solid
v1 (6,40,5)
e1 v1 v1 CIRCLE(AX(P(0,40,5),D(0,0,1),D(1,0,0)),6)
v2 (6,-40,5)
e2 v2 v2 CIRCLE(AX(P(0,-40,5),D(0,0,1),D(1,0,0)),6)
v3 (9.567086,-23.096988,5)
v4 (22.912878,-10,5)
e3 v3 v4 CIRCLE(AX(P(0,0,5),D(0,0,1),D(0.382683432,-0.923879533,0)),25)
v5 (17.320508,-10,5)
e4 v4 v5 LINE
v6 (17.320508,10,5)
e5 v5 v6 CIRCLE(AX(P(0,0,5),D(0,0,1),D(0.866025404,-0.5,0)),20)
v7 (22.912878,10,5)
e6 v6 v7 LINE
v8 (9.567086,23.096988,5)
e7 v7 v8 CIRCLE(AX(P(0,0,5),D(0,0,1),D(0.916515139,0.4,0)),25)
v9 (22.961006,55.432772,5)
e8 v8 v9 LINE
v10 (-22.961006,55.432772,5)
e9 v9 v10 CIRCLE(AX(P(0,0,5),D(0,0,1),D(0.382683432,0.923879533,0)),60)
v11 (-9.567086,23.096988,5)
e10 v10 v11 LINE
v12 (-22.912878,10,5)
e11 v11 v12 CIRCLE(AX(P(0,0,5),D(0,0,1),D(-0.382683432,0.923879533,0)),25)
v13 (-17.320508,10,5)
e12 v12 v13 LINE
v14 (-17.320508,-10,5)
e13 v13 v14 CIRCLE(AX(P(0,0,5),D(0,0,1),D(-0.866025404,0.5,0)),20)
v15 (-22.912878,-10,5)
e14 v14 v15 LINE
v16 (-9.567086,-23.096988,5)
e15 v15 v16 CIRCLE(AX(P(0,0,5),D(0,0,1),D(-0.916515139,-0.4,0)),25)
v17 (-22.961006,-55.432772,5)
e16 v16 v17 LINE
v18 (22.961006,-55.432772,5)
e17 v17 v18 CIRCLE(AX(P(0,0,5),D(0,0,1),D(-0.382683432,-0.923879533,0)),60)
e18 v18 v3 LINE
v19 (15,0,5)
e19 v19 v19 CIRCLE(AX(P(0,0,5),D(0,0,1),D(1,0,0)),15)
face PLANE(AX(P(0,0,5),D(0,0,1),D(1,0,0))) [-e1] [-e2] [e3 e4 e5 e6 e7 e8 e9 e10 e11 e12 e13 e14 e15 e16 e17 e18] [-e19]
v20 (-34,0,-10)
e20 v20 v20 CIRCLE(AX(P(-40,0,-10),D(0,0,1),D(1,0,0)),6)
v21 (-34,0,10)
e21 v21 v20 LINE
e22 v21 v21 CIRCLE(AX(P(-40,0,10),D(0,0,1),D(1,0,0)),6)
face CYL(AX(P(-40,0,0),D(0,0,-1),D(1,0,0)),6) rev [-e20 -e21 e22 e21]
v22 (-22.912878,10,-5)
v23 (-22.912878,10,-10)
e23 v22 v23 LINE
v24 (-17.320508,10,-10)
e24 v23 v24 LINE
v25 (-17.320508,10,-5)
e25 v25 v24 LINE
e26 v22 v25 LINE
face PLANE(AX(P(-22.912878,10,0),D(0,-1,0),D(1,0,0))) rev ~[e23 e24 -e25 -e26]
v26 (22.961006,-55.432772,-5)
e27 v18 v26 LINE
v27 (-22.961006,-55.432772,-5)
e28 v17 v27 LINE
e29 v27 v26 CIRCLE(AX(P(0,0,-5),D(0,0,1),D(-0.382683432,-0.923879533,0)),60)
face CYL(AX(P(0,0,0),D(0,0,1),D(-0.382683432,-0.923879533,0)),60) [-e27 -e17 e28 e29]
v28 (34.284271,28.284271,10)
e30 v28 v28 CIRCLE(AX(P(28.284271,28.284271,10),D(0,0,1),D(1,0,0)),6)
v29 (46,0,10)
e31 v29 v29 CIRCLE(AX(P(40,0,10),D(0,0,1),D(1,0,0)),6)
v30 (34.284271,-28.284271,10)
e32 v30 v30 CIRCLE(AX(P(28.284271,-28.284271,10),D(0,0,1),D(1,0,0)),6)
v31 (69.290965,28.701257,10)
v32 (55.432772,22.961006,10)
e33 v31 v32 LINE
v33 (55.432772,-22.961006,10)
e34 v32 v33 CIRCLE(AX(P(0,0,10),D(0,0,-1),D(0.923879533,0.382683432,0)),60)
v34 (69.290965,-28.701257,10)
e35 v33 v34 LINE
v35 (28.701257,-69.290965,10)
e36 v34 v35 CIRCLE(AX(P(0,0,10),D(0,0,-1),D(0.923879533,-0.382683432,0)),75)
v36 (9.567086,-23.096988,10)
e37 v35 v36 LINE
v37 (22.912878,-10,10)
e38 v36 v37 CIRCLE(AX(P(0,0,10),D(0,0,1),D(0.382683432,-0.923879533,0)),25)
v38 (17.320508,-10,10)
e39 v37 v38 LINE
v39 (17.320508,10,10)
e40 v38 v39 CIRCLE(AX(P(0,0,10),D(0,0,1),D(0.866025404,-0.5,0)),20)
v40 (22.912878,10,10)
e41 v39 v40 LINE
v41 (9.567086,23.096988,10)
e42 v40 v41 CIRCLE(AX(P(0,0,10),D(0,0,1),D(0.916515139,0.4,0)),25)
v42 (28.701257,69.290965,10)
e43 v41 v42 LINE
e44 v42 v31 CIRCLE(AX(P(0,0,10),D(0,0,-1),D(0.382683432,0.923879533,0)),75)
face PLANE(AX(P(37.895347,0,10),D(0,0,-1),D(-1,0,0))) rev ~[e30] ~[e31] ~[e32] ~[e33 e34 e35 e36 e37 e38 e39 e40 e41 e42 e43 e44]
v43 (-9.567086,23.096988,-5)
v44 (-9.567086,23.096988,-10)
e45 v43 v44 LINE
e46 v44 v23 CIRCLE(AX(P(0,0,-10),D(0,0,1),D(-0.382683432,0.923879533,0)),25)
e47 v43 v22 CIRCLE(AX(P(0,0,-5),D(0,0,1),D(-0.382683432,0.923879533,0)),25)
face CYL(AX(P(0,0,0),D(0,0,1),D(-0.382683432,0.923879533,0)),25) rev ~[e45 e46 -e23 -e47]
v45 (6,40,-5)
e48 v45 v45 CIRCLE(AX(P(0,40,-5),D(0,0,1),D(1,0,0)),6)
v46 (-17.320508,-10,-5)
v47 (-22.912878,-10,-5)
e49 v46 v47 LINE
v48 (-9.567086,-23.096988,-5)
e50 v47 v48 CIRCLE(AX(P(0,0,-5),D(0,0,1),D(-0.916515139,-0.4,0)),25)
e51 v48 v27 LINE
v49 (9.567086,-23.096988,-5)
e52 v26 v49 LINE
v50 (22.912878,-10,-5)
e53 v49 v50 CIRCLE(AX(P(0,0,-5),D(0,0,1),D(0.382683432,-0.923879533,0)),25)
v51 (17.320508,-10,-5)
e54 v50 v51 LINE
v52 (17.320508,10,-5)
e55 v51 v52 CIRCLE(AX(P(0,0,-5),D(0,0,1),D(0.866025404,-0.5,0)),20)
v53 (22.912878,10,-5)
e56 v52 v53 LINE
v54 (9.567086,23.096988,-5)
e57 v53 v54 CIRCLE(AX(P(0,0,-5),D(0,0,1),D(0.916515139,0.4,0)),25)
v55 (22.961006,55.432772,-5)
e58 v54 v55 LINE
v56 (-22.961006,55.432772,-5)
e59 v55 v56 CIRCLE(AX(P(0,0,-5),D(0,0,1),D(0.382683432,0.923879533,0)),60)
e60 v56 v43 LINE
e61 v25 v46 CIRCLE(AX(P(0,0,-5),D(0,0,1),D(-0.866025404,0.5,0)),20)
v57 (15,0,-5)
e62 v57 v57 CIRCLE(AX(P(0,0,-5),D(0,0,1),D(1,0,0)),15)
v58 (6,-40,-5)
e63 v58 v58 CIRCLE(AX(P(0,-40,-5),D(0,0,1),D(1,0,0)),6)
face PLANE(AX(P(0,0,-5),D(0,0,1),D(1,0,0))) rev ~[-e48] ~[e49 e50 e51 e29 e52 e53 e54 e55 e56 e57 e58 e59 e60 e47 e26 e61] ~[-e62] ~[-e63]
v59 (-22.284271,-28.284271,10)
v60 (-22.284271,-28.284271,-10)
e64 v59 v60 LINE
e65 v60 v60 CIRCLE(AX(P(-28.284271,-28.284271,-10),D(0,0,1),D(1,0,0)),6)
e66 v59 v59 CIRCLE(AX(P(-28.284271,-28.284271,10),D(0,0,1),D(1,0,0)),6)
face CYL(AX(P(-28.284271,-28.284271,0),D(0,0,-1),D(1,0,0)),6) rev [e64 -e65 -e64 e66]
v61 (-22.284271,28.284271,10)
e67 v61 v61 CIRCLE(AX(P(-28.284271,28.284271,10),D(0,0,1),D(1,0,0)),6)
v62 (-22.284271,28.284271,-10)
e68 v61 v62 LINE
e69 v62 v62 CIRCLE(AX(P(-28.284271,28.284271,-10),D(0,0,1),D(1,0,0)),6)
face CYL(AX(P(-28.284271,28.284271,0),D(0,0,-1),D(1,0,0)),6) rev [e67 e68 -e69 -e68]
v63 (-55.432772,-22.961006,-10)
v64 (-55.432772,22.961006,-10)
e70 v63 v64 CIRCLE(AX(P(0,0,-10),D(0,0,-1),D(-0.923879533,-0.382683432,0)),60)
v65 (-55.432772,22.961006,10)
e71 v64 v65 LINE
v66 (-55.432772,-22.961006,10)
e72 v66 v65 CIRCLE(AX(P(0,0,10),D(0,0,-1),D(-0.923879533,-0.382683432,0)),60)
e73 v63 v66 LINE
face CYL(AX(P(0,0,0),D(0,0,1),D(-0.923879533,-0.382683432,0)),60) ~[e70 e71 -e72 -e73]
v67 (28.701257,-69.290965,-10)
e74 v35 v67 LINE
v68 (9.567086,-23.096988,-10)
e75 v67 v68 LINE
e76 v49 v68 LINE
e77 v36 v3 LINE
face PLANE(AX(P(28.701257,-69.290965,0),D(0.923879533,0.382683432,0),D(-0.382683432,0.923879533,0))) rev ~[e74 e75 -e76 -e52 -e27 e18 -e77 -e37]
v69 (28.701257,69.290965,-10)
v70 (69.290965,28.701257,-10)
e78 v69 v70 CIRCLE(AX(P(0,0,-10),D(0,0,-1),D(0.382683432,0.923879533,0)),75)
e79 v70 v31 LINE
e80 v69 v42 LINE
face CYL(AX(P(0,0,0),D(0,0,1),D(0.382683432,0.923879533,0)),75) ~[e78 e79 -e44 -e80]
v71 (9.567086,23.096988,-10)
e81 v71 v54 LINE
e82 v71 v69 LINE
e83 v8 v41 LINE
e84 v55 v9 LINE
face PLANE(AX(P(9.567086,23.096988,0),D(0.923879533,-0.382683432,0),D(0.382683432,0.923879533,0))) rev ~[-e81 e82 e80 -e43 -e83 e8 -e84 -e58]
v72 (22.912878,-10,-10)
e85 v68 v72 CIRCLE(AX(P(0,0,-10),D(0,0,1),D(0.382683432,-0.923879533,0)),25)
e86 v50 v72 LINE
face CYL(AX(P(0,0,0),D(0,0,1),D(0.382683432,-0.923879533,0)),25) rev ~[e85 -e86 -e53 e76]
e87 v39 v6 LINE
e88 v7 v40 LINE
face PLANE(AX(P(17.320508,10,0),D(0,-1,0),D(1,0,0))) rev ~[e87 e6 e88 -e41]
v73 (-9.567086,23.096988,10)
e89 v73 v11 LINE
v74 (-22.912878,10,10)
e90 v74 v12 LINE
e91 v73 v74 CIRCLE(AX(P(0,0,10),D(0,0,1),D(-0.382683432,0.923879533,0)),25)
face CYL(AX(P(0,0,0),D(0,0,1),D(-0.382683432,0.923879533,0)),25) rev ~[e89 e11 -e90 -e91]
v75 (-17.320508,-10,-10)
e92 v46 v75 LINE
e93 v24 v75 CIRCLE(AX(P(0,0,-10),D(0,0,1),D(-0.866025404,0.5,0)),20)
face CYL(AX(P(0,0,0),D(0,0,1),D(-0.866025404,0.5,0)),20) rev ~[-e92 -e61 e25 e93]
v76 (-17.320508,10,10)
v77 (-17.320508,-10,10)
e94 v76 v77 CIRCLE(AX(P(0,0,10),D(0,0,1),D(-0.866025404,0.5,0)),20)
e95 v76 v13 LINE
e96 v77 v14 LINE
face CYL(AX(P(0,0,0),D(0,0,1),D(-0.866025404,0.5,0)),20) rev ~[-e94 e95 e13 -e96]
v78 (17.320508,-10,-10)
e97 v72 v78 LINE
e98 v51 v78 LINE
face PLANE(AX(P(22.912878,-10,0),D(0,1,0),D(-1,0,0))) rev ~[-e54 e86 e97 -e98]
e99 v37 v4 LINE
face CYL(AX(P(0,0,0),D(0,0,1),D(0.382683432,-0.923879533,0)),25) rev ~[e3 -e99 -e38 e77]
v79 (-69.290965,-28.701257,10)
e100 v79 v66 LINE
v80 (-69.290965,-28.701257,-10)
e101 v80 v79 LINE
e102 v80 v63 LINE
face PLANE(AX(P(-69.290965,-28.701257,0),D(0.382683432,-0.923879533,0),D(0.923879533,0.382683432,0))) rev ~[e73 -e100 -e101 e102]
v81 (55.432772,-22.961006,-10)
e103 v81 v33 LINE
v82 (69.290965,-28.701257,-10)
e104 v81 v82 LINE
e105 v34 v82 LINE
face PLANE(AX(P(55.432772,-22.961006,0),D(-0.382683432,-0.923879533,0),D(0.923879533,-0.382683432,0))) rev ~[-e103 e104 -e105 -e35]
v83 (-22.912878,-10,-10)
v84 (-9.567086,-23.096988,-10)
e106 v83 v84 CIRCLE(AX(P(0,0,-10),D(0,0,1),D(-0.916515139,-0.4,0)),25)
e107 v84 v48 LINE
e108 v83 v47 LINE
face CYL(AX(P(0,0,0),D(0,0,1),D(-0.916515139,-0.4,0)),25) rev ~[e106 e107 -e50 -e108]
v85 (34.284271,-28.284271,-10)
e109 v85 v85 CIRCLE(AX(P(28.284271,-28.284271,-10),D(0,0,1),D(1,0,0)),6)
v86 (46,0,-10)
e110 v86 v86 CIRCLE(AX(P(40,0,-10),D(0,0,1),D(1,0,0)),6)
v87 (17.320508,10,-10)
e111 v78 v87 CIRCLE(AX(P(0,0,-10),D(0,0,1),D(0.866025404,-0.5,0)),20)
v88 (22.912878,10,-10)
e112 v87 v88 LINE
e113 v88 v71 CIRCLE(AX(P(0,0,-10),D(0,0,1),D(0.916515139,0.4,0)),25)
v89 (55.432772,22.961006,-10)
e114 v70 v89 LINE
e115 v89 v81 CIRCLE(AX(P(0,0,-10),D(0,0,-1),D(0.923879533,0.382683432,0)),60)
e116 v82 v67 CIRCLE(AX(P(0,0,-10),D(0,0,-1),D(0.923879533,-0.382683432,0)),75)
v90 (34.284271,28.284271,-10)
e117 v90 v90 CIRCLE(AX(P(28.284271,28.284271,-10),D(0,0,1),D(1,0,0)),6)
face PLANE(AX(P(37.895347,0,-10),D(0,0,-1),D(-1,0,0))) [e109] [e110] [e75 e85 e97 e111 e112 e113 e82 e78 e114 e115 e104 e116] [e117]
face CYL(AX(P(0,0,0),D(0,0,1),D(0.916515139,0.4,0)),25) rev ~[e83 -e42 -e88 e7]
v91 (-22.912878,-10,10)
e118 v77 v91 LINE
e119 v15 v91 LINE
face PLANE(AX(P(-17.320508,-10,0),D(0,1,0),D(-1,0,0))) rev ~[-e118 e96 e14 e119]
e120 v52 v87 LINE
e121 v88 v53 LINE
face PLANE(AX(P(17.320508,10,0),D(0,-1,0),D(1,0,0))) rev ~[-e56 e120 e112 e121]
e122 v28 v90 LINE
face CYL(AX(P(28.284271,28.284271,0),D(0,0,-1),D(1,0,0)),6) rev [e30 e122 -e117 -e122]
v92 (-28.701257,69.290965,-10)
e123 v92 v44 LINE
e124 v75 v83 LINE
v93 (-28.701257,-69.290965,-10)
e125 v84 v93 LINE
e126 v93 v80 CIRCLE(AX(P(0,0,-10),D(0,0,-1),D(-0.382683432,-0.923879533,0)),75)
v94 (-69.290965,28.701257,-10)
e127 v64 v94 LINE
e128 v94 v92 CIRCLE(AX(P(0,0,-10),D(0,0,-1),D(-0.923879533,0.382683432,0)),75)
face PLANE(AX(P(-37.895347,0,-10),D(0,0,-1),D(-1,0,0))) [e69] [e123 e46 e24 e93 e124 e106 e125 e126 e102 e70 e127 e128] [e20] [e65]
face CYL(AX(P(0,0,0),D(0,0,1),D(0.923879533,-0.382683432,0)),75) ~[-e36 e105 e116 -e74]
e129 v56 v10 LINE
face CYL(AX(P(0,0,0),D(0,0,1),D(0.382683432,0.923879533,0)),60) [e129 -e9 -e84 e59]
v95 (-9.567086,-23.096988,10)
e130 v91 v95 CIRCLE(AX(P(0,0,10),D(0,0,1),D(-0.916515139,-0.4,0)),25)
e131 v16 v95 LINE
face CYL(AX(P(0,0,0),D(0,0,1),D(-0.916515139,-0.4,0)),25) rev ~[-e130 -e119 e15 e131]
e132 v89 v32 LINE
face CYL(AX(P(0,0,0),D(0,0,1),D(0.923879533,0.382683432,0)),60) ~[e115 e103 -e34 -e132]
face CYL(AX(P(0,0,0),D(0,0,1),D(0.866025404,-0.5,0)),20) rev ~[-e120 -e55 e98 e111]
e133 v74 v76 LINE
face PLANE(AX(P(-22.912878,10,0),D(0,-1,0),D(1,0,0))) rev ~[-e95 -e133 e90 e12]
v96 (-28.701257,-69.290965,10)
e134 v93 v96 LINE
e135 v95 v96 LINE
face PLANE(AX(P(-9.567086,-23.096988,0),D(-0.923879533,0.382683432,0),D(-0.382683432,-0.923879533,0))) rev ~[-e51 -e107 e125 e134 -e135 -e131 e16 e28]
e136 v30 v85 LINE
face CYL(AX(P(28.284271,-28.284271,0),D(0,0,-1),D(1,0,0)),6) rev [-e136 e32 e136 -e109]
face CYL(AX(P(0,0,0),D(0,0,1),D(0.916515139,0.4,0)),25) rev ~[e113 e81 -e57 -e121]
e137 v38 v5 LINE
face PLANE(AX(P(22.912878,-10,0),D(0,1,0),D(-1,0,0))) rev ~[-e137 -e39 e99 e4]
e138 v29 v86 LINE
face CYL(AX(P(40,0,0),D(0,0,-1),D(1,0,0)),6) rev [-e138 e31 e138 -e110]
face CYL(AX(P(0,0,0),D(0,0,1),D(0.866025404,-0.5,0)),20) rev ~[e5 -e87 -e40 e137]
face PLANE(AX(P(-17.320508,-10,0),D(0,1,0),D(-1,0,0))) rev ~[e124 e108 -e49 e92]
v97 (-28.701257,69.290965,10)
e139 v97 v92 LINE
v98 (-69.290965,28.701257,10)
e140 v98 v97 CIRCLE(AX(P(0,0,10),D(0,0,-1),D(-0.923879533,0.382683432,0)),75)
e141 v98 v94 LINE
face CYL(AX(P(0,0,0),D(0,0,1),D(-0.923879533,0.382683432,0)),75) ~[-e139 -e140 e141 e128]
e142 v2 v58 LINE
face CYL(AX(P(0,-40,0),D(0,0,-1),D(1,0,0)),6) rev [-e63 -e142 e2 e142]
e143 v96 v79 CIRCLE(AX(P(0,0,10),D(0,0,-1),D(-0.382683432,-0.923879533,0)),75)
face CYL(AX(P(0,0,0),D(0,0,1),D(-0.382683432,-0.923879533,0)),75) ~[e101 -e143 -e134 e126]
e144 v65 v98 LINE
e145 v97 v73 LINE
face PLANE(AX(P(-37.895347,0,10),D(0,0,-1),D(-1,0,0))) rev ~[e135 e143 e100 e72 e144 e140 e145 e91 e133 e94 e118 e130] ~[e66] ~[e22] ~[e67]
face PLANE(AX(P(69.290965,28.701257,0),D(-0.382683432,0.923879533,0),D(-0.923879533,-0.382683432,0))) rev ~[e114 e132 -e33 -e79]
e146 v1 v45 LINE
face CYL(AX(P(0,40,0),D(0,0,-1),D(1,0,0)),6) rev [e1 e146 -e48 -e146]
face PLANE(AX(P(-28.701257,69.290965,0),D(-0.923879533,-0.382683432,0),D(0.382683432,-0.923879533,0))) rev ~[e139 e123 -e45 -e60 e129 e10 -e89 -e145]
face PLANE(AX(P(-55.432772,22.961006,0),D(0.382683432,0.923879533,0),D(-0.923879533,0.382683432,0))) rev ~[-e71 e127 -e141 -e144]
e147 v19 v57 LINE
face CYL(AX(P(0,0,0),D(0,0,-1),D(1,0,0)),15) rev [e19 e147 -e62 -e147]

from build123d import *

# Parameters (mm, degrees)
SKETCH1_R             = 6
BOSS_EXTRUDE1_DEPTH   = 10
BOSS_EXTRUDE1_2_DEPTH = 10
SKETCH1_3_R           = 6
SKETCH1_3_R_2         = 15
BOSS_EXTRUDE2_DEPTH   = 5


with BuildPart() as part:
    # Sketch1 → Boss-Extrude1 (new, symmetric)
    with BuildSketch(Plane.XY):
        with BuildLine():
            Line((28.701257427, 69.290964938), (9.567085809, 23.096988313))
            ThreePointArc((9.567085809, 23.096988313), (17.510562404, 17.843211715), (22.912878475, 10))
            Line((22.912878475, 10), (17.320508076, 10))
            ThreePointArc((17.320508076, 10), (20, 0), (17.320508076, -10))
            Line((17.320508076, -10), (22.912878475, -10))
            ThreePointArc((22.912878475, -10), (17.510562404, -17.843211715), (9.567085809, -23.096988313))
            Line((9.567085809, -23.096988313), (28.701257427, -69.290964938))
            ThreePointArc((28.701257427, -69.290964938), (53.033008589, -53.033008589), (69.290964938, -28.701257427))
            Line((69.290964938, -28.701257427), (55.432771951, -22.961005942))
            ThreePointArc((55.432771951, -22.961005942), (60, 0), (55.432771951, 22.961005942))
            Line((55.432771951, 22.961005942), (69.290964938, 28.701257427))
            ThreePointArc((69.290964938, 28.701257427), (53.033008589, 53.033008589), (28.701257427, 69.290964938))
        make_face()
        with Locations((28.284271247, -28.284271247)):
            Circle(SKETCH1_R, mode=Mode.SUBTRACT)
        with Locations((40, 0)):
            Circle(SKETCH1_R, mode=Mode.SUBTRACT)
        with Locations((28.284271247, 28.284271247)):
            Circle(SKETCH1_R, mode=Mode.SUBTRACT)
    extrude(amount=BOSS_EXTRUDE1_DEPTH, both=True)



with BuildPart() as body_2:
    # Sketch1 → Boss-Extrude1 2 (new, symmetric)
    with BuildSketch(Plane.XY):
        with BuildLine():
            Line((-9.567085809, 23.096988313), (-28.701257427, 69.290964938))
            ThreePointArc((-28.701257427, 69.290964938), (-53.033008589, 53.033008589), (-69.290964938, 28.701257427))
            Line((-69.290964938, 28.701257427), (-55.432771951, 22.961005942))
            ThreePointArc((-55.432771951, 22.961005942), (-60, 0), (-55.432771951, -22.961005942))
            Line((-55.432771951, -22.961005942), (-69.290964938, -28.701257427))
            ThreePointArc((-69.290964938, -28.701257427), (-53.033008589, -53.033008589), (-28.701257427, -69.290964938))
            Line((-28.701257427, -69.290964938), (-9.567085809, -23.096988313))
            ThreePointArc((-9.567085809, -23.096988313), (-17.510562404, -17.843211715), (-22.912878475, -10))
            Line((-22.912878475, -10), (-17.320508076, -10))
            ThreePointArc((-17.320508076, -10), (-20, 0), (-17.320508076, 10))
            Line((-17.320508076, 10), (-22.912878475, 10))
            ThreePointArc((-22.912878475, 10), (-17.510562404, 17.843211715), (-9.567085809, 23.096988313))
        make_face()
        with Locations((-28.284271247, -28.284271247)):
            Circle(SKETCH1_R, mode=Mode.SUBTRACT)
        with Locations((-40, 0)):
            Circle(SKETCH1_R, mode=Mode.SUBTRACT)
        with Locations((-28.284271247, 28.284271247)):
            Circle(SKETCH1_R, mode=Mode.SUBTRACT)
    extrude(amount=BOSS_EXTRUDE1_2_DEPTH, both=True)


with BuildPart() as part_1:
    add(part.part)

    add(body_2.part)  # Boss-Extrude2 merges body 2
    # Sketch1<3> → Boss-Extrude2 (add, symmetric)
    with BuildSketch(Plane.XY):
        with BuildLine():
            ThreePointArc((22.912878475, 10), (17.510562404, 17.843211715), (9.567085809, 23.096988313))
            Line((9.567085809, 23.096988313), (22.961005942, 55.432771951))
            ThreePointArc((22.961005942, 55.432771951), (0, 60), (-22.961005942, 55.432771951))
            Line((-22.961005942, 55.432771951), (-9.567085809, 23.096988313))
            ThreePointArc((-9.567085809, 23.096988313), (-17.510562404, 17.843211715), (-22.912878475, 10))
            Line((-22.912878475, 10), (-17.320508076, 10))
            ThreePointArc((-17.320508076, 10), (-20, 0), (-17.320508076, -10))
            Line((-17.320508076, -10), (-22.912878475, -10))
            ThreePointArc((-22.912878475, -10), (-17.510562404, -17.843211715), (-9.567085809, -23.096988313))
            Line((-9.567085809, -23.096988313), (-22.961005942, -55.432771951))
            ThreePointArc((-22.961005942, -55.432771951), (0, -60), (22.961005942, -55.432771951))
            Line((22.961005942, -55.432771951), (9.567085809, -23.096988313))
            ThreePointArc((9.567085809, -23.096988313), (17.510562404, -17.843211715), (22.912878475, -10))
            Line((22.912878475, -10), (17.320508076, -10))
            ThreePointArc((17.320508076, -10), (20, 0), (17.320508076, 10))
            Line((17.320508076, 10), (22.912878475, 10))
        make_face()
        with Locations((0, -40)):
            Circle(SKETCH1_3_R, mode=Mode.SUBTRACT)
        Circle(SKETCH1_3_R_2, mode=Mode.SUBTRACT)
        with Locations((0, 40)):
            Circle(SKETCH1_3_R, mode=Mode.SUBTRACT)
    extrude(amount=BOSS_EXTRUDE2_DEPTH, both=True)


solid = part_1.part
